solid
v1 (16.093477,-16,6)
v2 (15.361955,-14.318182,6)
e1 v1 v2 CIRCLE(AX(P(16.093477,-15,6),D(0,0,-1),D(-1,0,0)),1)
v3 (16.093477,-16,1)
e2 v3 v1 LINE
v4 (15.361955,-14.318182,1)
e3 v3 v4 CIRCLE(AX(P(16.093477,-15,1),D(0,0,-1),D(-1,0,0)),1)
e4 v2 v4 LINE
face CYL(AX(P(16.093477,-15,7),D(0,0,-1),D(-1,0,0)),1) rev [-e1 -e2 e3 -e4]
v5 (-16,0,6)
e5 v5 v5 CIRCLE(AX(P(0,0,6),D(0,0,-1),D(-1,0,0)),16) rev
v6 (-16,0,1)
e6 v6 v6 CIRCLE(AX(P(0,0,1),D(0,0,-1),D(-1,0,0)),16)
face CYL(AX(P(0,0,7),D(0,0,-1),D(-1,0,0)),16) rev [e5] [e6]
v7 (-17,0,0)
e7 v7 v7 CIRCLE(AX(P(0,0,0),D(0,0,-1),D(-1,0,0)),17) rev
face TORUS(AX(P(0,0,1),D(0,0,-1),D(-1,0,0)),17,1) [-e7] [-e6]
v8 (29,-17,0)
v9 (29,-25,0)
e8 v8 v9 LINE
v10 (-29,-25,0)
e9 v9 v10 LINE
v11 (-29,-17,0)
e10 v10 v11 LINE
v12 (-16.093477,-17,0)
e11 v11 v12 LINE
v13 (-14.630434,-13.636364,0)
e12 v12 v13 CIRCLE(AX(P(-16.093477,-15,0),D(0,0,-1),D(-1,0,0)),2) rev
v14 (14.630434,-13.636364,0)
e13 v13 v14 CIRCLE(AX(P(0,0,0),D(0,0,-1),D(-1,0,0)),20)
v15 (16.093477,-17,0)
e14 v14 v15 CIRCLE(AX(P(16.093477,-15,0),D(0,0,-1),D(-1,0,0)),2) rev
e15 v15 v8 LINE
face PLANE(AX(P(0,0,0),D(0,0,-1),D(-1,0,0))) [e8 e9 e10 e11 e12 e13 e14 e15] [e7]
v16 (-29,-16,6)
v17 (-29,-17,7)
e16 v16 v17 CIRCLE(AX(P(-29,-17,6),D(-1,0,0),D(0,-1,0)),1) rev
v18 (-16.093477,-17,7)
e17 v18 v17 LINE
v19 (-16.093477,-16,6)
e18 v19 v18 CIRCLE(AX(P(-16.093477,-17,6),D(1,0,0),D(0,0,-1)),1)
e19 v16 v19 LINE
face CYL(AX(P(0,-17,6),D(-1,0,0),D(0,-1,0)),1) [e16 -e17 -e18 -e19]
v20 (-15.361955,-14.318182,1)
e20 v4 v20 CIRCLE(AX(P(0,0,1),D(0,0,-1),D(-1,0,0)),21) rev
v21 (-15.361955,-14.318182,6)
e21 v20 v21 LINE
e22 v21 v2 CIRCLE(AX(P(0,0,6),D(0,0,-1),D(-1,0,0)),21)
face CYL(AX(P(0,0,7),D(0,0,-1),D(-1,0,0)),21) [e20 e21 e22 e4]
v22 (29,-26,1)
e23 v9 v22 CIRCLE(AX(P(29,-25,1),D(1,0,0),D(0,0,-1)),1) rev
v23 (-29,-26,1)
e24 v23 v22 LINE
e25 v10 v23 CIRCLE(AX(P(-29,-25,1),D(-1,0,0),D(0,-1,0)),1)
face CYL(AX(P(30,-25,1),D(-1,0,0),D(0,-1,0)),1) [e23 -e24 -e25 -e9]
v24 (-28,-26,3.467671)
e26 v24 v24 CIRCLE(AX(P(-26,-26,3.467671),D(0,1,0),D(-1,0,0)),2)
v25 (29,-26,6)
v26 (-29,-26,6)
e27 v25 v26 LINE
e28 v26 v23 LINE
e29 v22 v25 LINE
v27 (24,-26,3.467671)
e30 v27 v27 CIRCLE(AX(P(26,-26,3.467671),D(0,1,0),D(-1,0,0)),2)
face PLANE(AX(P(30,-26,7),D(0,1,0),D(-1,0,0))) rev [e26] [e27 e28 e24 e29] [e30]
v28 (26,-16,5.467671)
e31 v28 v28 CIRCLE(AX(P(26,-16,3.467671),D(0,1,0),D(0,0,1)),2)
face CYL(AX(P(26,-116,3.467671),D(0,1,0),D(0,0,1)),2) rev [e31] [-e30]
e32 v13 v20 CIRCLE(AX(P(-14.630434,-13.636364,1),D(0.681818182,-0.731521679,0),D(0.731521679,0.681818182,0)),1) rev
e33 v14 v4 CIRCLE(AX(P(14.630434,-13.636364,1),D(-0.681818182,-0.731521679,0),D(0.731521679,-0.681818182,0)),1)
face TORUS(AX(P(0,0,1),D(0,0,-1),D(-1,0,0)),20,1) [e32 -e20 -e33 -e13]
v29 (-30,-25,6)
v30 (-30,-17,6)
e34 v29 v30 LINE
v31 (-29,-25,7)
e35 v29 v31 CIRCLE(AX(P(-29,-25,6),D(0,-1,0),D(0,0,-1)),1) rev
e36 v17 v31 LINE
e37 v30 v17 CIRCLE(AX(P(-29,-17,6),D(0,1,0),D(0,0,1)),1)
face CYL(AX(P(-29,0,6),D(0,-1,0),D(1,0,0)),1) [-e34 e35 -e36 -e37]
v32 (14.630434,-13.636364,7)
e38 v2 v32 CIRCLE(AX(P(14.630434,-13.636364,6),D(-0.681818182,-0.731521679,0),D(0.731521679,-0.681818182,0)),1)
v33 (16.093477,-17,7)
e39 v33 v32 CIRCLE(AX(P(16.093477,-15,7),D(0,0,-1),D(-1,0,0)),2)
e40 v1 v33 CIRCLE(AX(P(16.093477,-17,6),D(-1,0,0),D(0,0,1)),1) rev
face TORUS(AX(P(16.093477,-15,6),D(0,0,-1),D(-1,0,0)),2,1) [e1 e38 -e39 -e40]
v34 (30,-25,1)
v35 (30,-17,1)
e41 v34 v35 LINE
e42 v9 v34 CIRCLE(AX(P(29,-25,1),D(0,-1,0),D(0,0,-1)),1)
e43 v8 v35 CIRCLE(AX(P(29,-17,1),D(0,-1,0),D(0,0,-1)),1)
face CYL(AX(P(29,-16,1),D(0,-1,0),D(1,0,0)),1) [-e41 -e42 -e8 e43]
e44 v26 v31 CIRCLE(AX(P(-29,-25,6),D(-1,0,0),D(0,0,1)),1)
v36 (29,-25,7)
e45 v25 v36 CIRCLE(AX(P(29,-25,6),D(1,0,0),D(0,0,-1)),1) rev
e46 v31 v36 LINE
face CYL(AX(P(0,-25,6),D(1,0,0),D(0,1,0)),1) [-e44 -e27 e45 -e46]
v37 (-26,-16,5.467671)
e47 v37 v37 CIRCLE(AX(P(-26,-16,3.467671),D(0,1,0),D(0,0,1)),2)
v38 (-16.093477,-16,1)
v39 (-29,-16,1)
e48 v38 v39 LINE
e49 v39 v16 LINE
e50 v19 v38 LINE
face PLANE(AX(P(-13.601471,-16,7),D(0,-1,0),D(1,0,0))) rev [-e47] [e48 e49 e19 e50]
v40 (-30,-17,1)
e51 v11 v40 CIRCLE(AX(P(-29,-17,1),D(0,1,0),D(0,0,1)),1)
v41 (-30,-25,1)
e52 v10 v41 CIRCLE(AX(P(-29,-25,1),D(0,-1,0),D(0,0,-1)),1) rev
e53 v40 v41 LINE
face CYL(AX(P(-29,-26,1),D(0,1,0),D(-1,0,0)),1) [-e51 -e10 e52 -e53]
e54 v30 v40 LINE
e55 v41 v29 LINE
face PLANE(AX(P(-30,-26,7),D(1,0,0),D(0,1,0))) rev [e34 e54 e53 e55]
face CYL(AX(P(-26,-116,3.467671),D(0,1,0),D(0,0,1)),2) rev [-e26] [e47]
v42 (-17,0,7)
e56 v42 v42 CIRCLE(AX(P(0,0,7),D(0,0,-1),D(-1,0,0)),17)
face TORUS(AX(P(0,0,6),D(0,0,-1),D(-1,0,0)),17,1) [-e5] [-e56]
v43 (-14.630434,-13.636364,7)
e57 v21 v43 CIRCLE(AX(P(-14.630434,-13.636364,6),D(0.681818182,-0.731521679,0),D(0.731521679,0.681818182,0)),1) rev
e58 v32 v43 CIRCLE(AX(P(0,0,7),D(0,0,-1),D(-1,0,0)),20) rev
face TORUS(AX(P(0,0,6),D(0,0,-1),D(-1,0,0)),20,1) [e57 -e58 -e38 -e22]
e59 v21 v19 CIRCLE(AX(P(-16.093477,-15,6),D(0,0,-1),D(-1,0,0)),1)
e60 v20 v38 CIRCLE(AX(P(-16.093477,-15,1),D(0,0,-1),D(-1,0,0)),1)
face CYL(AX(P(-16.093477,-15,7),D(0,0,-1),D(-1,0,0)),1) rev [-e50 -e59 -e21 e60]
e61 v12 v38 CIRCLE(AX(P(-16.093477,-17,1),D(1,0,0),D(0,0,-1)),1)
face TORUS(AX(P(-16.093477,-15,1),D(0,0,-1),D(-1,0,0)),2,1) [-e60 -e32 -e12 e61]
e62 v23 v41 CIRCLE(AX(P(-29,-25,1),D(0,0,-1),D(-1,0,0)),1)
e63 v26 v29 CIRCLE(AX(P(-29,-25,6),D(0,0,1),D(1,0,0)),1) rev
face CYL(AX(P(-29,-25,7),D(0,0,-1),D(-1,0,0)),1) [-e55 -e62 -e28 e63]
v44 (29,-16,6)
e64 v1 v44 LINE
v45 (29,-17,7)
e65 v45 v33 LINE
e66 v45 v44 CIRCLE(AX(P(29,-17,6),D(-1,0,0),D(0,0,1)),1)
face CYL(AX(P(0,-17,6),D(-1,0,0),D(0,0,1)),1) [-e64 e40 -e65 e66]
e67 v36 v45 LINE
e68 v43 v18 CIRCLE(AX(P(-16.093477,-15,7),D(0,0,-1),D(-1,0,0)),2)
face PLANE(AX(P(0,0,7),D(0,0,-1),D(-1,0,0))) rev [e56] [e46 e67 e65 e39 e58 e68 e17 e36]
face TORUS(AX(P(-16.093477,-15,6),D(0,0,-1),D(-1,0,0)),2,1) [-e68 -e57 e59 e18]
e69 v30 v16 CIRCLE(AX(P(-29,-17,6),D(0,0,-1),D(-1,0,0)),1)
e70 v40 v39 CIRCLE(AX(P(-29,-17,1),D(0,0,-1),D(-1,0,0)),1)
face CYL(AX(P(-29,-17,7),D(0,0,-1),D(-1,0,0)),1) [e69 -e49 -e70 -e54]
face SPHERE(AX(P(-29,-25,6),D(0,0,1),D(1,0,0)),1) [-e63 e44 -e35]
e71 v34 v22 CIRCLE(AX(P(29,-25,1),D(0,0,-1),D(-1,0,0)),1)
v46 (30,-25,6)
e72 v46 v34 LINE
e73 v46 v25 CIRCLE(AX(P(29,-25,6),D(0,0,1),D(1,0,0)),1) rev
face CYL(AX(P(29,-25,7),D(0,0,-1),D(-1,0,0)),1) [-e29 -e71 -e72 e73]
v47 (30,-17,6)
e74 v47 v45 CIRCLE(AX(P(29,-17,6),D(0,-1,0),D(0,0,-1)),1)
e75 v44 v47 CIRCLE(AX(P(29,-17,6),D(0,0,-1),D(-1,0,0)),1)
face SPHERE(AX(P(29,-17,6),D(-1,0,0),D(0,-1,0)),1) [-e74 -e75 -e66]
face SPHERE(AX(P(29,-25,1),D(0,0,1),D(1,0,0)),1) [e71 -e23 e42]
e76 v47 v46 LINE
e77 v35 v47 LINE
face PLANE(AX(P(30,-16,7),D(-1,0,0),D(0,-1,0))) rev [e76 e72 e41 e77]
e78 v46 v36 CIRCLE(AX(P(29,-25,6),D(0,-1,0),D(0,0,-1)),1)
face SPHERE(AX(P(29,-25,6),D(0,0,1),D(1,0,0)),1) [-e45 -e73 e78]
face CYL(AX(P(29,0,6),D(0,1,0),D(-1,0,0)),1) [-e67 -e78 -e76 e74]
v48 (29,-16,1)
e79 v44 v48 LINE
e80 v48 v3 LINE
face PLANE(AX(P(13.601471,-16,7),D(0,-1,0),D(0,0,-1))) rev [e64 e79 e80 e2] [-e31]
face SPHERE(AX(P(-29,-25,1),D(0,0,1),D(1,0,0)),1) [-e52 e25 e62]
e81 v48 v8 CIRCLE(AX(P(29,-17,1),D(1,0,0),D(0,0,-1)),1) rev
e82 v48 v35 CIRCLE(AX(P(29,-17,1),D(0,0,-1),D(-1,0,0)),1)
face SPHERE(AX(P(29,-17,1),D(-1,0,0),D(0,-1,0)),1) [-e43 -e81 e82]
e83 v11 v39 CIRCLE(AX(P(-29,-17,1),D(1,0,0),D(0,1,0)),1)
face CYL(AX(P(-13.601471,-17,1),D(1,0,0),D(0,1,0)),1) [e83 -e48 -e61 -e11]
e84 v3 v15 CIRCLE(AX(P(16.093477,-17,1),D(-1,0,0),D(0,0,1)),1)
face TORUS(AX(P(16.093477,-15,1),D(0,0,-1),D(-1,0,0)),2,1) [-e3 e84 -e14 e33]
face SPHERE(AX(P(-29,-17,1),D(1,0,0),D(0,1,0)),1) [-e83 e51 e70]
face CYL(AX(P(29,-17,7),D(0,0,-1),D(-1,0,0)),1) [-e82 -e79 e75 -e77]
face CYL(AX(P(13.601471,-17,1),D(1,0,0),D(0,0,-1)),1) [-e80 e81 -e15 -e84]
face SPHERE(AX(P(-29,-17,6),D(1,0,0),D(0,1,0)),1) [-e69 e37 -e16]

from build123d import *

# Parameters (mm, degrees)
SKETCH2_R           = 16
BOSS_EXTRUDE1_DEPTH = 7
FILLET2_R           = 1
FILLET3_R           = 1
SKETCH3_R           = 2
CUT_EXTRUDE1_DEPTH  = 100


with BuildPart() as part:
    # Sketch2 → Boss-Extrude1 (new body)
    with BuildSketch(Plane.XY):
        with BuildLine():
            Line((30, -16), (30, -26))
            Line((30, -26), (-30, -26))
            Line((-30, -26), (-30, -16))
            Line((-30, -16), (-13.601470509, -16))
            ThreePointArc((-13.601470509, -16), (0, 21), (13.601470509, -16))
            Line((13.601470509, -16), (30, -16))
        make_face()
        Circle(SKETCH2_R, mode=Mode.SUBTRACT)
    extrude(amount=BOSS_EXTRUDE1_DEPTH)

    # Fillet2
    fillet2_edges = [part.edges().sort_by_distance(p)[0] for p in [
        (-13.601470509, -16, 3.5),
        (13.601470509, -16, 3.5),
        (-21.800735254, -16, 7),
        (-16, 0, 0),
        (-16, 0, 7),
        (21.800735254, -16, 7),
        (-21.800735254, -16, 0),
        (0, 21, 0),
        (21.800735254, -16, 0),
        (0, 21, 7),
    ]]
    fillet(fillet2_edges, radius=FILLET2_R)

    # Fillet3
    fillet3_edges = [part.edges().sort_by_distance(p)[0] for p in [
        (30, -26, 3.5),
        (-30, -26, 3.5),
        (0, -26, 7),
        (-30, -21.5, 7),
        (30, -21.5, 7),
        (30, -16, 3.5),
        (30, -16.292893219, 0.292893219),
        (30, -16.292893219, 6.707106781),
        (-30, -21.5, 0),
        (-30, -16, 3.5),
        (-30, -16.292893219, 0.292893219),
        (-30, -16.292893219, 6.707106781),
        (30, -21.5, 0),
        (0, -26, 0),
    ]]
    fillet(fillet3_edges, radius=FILLET3_R)

    # Sketch3 → Cut-Extrude1 (cut)
    with BuildSketch(Plane(origin=(0, -16, 0), x_dir=(1, 0, 0), z_dir=(0, 1, 0))):
        with Locations(Location((-26, -3.46767138, 0), (0, 0, 270))):
            Circle(SKETCH3_R)
        with Locations(Location((26, -3.46767138, 0), (0, 0, 270))):
            Circle(SKETCH3_R)
    extrude(amount=-CUT_EXTRUDE1_DEPTH, mode=Mode.SUBTRACT)


solid = part.part
